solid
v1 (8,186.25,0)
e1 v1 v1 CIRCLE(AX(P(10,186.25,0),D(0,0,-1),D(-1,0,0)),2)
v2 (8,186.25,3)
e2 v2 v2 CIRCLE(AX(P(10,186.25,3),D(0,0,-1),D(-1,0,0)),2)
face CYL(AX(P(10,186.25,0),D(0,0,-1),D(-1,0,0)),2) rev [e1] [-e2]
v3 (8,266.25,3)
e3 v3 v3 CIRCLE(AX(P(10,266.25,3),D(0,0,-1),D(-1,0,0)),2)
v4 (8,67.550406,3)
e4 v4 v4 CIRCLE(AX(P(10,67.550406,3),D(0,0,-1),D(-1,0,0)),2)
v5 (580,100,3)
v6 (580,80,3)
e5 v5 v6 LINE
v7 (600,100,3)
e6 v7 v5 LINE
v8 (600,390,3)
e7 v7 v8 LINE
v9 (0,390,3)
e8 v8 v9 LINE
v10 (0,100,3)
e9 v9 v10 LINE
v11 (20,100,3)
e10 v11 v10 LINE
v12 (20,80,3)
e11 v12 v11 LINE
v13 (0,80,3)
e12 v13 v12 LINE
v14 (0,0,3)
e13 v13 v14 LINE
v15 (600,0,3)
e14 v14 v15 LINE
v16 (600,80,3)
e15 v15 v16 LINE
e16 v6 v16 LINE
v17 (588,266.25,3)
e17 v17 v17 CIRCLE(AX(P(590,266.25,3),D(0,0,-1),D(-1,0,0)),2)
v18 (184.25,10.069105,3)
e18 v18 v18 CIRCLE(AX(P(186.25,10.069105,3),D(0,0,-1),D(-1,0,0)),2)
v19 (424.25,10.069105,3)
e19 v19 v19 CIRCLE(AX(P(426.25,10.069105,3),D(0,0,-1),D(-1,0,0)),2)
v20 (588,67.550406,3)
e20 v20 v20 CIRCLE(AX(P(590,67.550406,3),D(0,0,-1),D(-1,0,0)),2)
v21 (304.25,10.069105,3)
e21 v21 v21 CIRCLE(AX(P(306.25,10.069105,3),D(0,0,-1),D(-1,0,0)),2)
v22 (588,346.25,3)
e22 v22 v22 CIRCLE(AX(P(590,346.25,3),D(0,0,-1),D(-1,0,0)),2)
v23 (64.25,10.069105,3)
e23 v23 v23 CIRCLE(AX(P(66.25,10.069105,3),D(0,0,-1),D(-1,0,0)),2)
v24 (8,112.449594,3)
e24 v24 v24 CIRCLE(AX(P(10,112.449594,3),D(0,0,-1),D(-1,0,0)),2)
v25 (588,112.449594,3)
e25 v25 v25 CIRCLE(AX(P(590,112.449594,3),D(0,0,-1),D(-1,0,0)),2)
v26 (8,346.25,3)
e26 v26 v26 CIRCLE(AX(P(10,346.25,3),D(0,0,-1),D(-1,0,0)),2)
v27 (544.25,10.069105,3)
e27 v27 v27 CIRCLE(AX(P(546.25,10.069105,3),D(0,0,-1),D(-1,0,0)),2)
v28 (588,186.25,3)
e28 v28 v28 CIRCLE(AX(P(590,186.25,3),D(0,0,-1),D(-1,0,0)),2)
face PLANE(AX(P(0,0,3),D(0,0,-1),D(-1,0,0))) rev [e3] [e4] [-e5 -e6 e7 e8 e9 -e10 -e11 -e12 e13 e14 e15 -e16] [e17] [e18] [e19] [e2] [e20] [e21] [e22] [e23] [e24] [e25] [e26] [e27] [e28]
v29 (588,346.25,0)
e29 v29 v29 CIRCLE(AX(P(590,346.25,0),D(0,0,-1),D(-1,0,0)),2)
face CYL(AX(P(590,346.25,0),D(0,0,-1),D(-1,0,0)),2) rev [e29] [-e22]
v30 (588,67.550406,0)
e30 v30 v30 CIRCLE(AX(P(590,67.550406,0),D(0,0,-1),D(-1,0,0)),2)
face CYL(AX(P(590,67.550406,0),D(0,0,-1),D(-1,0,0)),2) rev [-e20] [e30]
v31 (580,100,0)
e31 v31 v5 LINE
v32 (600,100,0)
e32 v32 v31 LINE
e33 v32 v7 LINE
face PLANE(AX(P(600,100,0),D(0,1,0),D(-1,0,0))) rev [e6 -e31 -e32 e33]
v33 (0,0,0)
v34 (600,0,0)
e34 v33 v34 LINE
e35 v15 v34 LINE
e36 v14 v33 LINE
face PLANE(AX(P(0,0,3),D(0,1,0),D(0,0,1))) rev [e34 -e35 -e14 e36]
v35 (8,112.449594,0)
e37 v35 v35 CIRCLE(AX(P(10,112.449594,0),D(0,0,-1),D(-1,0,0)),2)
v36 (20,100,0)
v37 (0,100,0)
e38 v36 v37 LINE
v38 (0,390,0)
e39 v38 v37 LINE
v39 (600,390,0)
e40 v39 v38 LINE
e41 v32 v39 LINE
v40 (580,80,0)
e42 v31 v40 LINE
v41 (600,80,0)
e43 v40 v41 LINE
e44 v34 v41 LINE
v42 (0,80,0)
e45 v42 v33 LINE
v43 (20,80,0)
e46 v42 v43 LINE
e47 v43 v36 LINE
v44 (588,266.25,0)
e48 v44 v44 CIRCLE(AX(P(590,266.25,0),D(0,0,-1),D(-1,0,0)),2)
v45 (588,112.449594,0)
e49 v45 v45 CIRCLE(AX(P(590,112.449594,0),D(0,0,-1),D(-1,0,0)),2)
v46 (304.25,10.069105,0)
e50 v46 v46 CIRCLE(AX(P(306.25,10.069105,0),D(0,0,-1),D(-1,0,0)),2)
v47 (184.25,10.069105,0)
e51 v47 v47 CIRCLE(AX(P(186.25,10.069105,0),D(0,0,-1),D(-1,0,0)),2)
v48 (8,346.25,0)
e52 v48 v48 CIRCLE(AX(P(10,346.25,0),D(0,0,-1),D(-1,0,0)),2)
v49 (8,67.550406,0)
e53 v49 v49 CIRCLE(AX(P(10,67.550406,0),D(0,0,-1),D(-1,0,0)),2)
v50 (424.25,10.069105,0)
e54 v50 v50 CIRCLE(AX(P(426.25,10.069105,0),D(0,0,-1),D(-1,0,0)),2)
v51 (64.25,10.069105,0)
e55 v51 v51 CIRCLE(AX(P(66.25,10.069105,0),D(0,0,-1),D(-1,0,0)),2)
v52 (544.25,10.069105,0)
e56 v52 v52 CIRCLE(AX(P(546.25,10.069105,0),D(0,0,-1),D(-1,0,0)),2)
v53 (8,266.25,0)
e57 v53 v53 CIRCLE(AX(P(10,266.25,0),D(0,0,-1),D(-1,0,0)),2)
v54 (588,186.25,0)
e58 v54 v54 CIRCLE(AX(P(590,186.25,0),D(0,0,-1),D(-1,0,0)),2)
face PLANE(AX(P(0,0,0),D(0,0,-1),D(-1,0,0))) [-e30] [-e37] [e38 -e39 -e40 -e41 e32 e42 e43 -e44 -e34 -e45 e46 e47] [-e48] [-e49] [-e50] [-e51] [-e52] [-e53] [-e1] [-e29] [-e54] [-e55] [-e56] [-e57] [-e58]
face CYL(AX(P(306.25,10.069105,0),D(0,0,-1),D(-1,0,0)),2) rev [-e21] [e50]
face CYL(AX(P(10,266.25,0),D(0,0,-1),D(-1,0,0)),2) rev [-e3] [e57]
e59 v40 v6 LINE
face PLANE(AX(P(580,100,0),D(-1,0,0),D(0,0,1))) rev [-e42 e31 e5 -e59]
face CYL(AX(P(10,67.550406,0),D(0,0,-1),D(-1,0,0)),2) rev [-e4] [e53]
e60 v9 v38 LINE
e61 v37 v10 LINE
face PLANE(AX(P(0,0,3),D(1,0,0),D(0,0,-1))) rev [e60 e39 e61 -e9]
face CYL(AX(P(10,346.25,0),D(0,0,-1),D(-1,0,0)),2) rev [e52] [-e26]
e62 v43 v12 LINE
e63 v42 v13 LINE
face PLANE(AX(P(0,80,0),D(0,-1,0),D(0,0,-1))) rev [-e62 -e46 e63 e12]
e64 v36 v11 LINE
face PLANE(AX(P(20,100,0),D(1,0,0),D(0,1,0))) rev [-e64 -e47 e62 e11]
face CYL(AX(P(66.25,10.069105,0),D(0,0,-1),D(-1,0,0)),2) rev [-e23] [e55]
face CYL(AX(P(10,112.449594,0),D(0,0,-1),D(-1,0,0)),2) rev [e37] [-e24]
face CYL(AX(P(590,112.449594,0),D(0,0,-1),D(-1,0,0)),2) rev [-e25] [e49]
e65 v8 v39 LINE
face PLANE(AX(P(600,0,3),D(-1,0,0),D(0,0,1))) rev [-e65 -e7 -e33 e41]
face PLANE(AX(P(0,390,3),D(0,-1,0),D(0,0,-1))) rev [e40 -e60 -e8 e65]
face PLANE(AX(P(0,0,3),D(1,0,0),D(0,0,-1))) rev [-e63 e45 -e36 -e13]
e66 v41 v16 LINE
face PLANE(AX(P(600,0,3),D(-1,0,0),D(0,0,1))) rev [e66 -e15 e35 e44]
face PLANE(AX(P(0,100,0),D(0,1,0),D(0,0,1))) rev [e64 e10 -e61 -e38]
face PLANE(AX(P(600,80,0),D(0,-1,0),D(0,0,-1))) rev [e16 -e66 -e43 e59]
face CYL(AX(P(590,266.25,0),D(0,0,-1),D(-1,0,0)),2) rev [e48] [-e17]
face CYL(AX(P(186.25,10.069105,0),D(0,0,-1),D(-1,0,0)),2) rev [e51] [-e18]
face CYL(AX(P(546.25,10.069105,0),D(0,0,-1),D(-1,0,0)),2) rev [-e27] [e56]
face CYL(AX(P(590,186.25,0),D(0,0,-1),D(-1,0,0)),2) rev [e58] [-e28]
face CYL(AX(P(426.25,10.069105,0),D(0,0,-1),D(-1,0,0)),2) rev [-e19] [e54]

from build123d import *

# Parameters (mm, degrees)
SKETCH1_W             = 600
SKETCH1_H             = 390
BOSS_EXTRUDE1_DEPTH   = 3
SKETCH2_W             = 20
SKETCH2_H             = 20
CUT_EXTRUDE1_DEPTH    = 3
F_4_0MM_DOWEL_HOLE1_D = 4


with BuildPart() as part:
    # Sketch1 → Boss-Extrude1 (new body)
    with BuildSketch(Plane.XY):
        with Locations((300, 195)):
            Rectangle(SKETCH1_W, SKETCH1_H)
    extrude(amount=BOSS_EXTRUDE1_DEPTH)

    # Sketch2 → Cut-Extrude1 (cut)
    with BuildSketch(Plane.XY.offset(3)):
        with Locations((590, 90)):
            Rectangle(SKETCH2_W, SKETCH2_H)
        with Locations((10, 90)):
            Rectangle(SKETCH2_W, SKETCH2_H)
    extrude(amount=-CUT_EXTRUDE1_DEPTH, mode=Mode.SUBTRACT)

    # Ø4.0mm Dowel Hole1 (through all)
    with Locations(Plane(origin=(0, 0, 0), x_dir=(-1, 0, 0), z_dir=(0, 0, -1))):
        with Locations((-590, 346.25), (-10, 346.25), (-10, 266.25), (-10, 186.25), (-590, 266.25), (-590, 186.25), (-590, 112.449594156), (-590, 67.550405844), (-10, 112.449594156), (-10, 67.550405844), (-66.25, 10.069105371), (-186.25, 10.069105371), (-306.25, 10.069105371), (-426.25, 10.069105371), (-546.25, 10.069105371)):
            Hole(F_4_0MM_DOWEL_HOLE1_D / 2)


solid = part.part
